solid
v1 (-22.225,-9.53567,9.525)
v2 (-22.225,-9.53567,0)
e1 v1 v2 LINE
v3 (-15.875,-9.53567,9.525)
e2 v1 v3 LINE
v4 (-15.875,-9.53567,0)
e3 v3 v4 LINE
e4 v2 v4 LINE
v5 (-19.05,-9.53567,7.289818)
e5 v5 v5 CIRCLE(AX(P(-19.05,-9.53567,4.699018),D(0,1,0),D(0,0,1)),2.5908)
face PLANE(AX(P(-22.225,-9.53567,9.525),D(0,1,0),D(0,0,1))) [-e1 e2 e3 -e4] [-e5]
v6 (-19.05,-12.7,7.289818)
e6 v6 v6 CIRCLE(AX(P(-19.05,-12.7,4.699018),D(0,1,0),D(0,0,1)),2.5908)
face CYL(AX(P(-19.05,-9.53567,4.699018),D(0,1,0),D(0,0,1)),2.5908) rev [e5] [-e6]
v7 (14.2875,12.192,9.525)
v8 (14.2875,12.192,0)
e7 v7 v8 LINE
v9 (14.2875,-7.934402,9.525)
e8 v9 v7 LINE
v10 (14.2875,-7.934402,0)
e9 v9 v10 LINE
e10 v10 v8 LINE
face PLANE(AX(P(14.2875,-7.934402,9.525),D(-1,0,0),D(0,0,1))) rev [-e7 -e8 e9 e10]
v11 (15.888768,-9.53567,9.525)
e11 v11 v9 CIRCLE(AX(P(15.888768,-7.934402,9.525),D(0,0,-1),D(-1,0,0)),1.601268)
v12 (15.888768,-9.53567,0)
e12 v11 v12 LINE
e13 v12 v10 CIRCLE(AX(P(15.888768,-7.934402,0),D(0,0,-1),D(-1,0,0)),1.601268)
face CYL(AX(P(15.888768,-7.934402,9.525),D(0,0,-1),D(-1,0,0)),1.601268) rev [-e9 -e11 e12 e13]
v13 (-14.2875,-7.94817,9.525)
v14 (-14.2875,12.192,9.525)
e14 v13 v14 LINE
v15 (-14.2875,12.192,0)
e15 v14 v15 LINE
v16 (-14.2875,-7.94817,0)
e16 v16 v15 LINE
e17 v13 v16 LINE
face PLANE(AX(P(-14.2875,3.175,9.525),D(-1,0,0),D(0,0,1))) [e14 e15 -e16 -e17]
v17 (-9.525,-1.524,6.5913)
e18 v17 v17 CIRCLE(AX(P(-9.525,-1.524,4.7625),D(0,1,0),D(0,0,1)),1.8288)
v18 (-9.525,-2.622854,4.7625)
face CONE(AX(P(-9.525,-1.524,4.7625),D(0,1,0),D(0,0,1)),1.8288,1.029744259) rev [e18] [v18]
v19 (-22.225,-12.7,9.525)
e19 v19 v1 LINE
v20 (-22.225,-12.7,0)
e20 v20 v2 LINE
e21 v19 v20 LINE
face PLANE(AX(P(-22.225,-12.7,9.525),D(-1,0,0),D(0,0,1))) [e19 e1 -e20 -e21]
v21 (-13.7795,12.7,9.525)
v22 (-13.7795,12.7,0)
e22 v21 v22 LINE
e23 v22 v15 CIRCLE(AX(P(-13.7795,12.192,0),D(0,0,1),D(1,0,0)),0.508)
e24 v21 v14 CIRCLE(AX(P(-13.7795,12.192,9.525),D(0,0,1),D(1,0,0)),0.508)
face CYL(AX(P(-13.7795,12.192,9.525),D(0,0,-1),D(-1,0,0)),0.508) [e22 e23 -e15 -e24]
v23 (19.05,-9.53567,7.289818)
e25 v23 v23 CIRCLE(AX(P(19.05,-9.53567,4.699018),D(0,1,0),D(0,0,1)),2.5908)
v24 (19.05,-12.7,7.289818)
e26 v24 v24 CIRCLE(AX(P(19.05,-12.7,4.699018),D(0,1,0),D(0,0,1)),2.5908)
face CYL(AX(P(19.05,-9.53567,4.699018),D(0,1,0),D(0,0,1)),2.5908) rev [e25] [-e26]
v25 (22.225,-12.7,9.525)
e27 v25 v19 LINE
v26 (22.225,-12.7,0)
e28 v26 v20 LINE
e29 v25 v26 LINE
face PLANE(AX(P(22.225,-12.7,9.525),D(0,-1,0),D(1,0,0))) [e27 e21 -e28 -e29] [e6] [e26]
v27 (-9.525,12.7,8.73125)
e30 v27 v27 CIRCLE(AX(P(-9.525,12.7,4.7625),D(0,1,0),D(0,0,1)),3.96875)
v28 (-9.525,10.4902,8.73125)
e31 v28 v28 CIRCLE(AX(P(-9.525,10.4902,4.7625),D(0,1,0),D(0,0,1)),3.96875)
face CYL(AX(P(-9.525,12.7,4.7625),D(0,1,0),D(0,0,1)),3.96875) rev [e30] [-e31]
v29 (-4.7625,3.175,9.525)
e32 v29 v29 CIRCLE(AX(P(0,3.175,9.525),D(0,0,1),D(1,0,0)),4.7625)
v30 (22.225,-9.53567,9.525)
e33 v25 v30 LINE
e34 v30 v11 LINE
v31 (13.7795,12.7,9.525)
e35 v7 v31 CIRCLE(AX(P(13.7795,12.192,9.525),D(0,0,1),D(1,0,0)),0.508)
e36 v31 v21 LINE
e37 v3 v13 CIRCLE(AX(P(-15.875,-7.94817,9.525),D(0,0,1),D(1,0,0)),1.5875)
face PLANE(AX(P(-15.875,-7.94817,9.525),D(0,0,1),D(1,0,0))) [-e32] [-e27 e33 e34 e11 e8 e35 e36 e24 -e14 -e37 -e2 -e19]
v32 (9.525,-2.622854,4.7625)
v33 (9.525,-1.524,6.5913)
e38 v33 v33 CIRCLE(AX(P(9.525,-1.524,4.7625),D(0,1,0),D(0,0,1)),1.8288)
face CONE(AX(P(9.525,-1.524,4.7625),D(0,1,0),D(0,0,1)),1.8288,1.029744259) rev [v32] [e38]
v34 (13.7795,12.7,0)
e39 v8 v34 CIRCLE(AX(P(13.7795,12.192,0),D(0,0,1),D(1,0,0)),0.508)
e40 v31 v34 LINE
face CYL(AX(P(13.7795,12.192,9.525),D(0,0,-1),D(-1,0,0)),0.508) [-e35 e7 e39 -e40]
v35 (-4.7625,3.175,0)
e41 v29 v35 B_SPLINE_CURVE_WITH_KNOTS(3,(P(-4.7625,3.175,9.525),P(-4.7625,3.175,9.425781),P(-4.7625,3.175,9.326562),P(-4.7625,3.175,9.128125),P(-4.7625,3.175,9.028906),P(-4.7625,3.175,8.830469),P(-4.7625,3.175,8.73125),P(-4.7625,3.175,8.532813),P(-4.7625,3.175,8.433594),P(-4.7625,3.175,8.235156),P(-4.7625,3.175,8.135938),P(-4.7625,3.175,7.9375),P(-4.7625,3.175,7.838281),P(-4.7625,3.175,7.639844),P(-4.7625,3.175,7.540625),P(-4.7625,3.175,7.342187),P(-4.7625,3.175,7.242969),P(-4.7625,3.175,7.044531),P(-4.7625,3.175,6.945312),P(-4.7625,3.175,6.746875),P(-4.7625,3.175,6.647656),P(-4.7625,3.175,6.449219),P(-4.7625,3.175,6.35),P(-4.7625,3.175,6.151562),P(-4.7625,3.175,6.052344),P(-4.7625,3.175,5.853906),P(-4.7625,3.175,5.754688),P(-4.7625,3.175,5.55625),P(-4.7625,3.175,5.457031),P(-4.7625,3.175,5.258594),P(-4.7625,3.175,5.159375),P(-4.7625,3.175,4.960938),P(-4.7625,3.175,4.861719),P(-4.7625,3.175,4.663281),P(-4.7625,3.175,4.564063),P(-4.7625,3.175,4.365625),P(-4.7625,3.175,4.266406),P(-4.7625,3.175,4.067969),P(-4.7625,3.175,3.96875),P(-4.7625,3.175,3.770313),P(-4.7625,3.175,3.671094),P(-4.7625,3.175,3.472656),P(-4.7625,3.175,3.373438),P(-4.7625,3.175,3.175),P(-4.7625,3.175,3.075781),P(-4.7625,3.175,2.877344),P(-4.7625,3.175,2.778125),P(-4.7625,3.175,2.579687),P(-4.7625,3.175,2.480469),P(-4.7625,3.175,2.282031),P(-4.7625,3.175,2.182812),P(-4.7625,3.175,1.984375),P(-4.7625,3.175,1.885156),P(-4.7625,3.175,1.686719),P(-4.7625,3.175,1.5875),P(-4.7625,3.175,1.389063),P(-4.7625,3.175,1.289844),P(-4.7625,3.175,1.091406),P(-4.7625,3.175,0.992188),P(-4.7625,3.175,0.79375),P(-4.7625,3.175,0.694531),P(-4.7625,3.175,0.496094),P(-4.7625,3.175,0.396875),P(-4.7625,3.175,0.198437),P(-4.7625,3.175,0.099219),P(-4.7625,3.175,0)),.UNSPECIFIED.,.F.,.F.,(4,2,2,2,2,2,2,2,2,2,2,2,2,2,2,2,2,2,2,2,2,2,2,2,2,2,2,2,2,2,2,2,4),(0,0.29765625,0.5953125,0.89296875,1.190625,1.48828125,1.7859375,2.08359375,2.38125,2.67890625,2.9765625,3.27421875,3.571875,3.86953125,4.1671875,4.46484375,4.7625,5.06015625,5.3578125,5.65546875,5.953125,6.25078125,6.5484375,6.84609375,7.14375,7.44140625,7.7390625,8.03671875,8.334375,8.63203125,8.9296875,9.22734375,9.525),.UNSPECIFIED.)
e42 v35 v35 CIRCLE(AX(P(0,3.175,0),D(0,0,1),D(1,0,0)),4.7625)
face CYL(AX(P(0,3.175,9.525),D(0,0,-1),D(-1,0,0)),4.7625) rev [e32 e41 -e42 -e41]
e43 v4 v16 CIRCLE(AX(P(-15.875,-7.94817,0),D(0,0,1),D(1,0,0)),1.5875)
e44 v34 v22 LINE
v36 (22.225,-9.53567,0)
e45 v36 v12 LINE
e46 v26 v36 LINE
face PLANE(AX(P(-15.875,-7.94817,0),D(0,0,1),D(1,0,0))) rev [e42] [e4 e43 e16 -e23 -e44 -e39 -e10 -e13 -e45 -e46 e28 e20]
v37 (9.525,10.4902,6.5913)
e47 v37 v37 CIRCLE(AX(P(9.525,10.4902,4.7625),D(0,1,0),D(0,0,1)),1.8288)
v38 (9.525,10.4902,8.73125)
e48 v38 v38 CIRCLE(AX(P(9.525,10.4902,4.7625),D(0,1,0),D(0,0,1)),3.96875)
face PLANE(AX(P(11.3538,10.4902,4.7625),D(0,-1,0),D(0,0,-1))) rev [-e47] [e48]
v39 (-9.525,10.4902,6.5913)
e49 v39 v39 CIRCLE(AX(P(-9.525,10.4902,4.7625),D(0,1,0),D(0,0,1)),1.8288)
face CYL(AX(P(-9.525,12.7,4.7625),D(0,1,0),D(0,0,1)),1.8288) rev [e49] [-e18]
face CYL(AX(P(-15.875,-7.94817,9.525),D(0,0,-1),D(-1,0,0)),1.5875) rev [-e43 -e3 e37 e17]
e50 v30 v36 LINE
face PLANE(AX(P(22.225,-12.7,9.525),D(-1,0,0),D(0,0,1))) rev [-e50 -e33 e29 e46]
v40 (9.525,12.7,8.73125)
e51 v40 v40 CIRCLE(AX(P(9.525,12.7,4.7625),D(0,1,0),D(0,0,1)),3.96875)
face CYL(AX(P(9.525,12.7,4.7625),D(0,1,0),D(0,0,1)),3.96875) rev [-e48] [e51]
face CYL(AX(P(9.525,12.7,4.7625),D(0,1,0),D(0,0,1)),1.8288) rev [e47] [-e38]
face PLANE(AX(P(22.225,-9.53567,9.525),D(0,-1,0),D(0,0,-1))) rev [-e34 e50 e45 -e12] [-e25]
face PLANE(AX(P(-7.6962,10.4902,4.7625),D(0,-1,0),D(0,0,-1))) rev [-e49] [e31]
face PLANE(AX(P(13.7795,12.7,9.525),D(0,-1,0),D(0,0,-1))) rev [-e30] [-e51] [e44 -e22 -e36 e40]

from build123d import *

# Parameters (mm, degrees)
SKETCH1_R                                           = 4.7625
BOSS_EXTRUDE2_DEPTH                                 = 9.525
CBORE_FOR_6_BINDING_HEAD_MACHINE_SCREW1_D           = 3.6576
CBORE_FOR_6_BINDING_HEAD_MACHINE_SCREW1_DEPTH       = 14.224
CBORE_FOR_6_BINDING_HEAD_MACHINE_SCREW1_CBORE_D     = 7.9375
CBORE_FOR_6_BINDING_HEAD_MACHINE_SCREW1_CBORE_DEPTH = 2.2098
CBORE_FOR_6_BINDING_HEAD_MACHINE_SCREW1_TIP         = 1.0988539
F_6_0_204_DIAMETER_HOLE1_D                          = 5.1816


with BuildPart() as part:
    # Sketch1 → Boss-Extrude2 (new body)
    with BuildSketch(Plane.XY):
        with BuildLine():
            Line((22.225, -12.7), (-22.225, -12.7))
            Line((-22.225, -12.7), (-22.225, -9.535669584))
            Line((-22.225, -9.535669584), (-15.875, -9.535669584))
            ThreePointArc((-15.875, -9.535669584), (-14.752467985, -9.070701599), (-14.2875, -7.948169584))
            Line((-14.2875, -7.948169584), (-14.2875, 3.175))
            Line((-14.2875, 3.175), (-14.2875, 12.192))
            ThreePointArc((-14.2875, 12.192), (-14.138710245, 12.551210245), (-13.7795, 12.7))
            Line((-13.7795, 12.7), (13.7795, 12.7))
            ThreePointArc((13.7795, 12.7), (14.138710245, 12.551210245), (14.2875, 12.192))
            Line((14.2875, 12.192), (14.2875, 3.175))
            Line((14.2875, 3.175), (14.2875, -7.934401915))
            ThreePointArc((14.2875, -7.934401915), (14.756500442, -9.066669142), (15.888767669, -9.535669584))
            Line((15.888767669, -9.535669584), (22.225, -9.535669584))
            Line((22.225, -9.535669584), (22.225, -12.7))
        make_face()
        with Locations(Location((0, 3.175, 0), (0, 0, 180))):
            Circle(SKETCH1_R, mode=Mode.SUBTRACT)
    extrude(amount=BOSS_EXTRUDE2_DEPTH)

    # CBORE for #6 Binding Head Machine Screw1
    with Locations(Plane(origin=(0, 12.7, 0), x_dir=(1, 0, 0), z_dir=(0, 1, 0))):
        with Locations((9.525, -4.7625), (-9.525, -4.7625)):
            CounterBoreHole(CBORE_FOR_6_BINDING_HEAD_MACHINE_SCREW1_D / 2, CBORE_FOR_6_BINDING_HEAD_MACHINE_SCREW1_CBORE_D / 2, CBORE_FOR_6_BINDING_HEAD_MACHINE_SCREW1_CBORE_DEPTH, depth=CBORE_FOR_6_BINDING_HEAD_MACHINE_SCREW1_DEPTH)
            with Locations((0, 0, -(CBORE_FOR_6_BINDING_HEAD_MACHINE_SCREW1_DEPTH + CBORE_FOR_6_BINDING_HEAD_MACHINE_SCREW1_TIP / 2))):  # 118° drill point
                Cone(0, CBORE_FOR_6_BINDING_HEAD_MACHINE_SCREW1_D / 2, CBORE_FOR_6_BINDING_HEAD_MACHINE_SCREW1_TIP, mode=Mode.SUBTRACT)

    # #6 (0.204) Diameter Hole1 (through all)
    with Locations(Plane(origin=(0, -9.535669584, 0), x_dir=(1, 0, 0), z_dir=(0, 1, 0))):
        with Locations((-19.05, -4.699018138), (19.05, -4.699018138)):
            Hole(F_6_0_204_DIAMETER_HOLE1_D / 2)


solid = part.part
